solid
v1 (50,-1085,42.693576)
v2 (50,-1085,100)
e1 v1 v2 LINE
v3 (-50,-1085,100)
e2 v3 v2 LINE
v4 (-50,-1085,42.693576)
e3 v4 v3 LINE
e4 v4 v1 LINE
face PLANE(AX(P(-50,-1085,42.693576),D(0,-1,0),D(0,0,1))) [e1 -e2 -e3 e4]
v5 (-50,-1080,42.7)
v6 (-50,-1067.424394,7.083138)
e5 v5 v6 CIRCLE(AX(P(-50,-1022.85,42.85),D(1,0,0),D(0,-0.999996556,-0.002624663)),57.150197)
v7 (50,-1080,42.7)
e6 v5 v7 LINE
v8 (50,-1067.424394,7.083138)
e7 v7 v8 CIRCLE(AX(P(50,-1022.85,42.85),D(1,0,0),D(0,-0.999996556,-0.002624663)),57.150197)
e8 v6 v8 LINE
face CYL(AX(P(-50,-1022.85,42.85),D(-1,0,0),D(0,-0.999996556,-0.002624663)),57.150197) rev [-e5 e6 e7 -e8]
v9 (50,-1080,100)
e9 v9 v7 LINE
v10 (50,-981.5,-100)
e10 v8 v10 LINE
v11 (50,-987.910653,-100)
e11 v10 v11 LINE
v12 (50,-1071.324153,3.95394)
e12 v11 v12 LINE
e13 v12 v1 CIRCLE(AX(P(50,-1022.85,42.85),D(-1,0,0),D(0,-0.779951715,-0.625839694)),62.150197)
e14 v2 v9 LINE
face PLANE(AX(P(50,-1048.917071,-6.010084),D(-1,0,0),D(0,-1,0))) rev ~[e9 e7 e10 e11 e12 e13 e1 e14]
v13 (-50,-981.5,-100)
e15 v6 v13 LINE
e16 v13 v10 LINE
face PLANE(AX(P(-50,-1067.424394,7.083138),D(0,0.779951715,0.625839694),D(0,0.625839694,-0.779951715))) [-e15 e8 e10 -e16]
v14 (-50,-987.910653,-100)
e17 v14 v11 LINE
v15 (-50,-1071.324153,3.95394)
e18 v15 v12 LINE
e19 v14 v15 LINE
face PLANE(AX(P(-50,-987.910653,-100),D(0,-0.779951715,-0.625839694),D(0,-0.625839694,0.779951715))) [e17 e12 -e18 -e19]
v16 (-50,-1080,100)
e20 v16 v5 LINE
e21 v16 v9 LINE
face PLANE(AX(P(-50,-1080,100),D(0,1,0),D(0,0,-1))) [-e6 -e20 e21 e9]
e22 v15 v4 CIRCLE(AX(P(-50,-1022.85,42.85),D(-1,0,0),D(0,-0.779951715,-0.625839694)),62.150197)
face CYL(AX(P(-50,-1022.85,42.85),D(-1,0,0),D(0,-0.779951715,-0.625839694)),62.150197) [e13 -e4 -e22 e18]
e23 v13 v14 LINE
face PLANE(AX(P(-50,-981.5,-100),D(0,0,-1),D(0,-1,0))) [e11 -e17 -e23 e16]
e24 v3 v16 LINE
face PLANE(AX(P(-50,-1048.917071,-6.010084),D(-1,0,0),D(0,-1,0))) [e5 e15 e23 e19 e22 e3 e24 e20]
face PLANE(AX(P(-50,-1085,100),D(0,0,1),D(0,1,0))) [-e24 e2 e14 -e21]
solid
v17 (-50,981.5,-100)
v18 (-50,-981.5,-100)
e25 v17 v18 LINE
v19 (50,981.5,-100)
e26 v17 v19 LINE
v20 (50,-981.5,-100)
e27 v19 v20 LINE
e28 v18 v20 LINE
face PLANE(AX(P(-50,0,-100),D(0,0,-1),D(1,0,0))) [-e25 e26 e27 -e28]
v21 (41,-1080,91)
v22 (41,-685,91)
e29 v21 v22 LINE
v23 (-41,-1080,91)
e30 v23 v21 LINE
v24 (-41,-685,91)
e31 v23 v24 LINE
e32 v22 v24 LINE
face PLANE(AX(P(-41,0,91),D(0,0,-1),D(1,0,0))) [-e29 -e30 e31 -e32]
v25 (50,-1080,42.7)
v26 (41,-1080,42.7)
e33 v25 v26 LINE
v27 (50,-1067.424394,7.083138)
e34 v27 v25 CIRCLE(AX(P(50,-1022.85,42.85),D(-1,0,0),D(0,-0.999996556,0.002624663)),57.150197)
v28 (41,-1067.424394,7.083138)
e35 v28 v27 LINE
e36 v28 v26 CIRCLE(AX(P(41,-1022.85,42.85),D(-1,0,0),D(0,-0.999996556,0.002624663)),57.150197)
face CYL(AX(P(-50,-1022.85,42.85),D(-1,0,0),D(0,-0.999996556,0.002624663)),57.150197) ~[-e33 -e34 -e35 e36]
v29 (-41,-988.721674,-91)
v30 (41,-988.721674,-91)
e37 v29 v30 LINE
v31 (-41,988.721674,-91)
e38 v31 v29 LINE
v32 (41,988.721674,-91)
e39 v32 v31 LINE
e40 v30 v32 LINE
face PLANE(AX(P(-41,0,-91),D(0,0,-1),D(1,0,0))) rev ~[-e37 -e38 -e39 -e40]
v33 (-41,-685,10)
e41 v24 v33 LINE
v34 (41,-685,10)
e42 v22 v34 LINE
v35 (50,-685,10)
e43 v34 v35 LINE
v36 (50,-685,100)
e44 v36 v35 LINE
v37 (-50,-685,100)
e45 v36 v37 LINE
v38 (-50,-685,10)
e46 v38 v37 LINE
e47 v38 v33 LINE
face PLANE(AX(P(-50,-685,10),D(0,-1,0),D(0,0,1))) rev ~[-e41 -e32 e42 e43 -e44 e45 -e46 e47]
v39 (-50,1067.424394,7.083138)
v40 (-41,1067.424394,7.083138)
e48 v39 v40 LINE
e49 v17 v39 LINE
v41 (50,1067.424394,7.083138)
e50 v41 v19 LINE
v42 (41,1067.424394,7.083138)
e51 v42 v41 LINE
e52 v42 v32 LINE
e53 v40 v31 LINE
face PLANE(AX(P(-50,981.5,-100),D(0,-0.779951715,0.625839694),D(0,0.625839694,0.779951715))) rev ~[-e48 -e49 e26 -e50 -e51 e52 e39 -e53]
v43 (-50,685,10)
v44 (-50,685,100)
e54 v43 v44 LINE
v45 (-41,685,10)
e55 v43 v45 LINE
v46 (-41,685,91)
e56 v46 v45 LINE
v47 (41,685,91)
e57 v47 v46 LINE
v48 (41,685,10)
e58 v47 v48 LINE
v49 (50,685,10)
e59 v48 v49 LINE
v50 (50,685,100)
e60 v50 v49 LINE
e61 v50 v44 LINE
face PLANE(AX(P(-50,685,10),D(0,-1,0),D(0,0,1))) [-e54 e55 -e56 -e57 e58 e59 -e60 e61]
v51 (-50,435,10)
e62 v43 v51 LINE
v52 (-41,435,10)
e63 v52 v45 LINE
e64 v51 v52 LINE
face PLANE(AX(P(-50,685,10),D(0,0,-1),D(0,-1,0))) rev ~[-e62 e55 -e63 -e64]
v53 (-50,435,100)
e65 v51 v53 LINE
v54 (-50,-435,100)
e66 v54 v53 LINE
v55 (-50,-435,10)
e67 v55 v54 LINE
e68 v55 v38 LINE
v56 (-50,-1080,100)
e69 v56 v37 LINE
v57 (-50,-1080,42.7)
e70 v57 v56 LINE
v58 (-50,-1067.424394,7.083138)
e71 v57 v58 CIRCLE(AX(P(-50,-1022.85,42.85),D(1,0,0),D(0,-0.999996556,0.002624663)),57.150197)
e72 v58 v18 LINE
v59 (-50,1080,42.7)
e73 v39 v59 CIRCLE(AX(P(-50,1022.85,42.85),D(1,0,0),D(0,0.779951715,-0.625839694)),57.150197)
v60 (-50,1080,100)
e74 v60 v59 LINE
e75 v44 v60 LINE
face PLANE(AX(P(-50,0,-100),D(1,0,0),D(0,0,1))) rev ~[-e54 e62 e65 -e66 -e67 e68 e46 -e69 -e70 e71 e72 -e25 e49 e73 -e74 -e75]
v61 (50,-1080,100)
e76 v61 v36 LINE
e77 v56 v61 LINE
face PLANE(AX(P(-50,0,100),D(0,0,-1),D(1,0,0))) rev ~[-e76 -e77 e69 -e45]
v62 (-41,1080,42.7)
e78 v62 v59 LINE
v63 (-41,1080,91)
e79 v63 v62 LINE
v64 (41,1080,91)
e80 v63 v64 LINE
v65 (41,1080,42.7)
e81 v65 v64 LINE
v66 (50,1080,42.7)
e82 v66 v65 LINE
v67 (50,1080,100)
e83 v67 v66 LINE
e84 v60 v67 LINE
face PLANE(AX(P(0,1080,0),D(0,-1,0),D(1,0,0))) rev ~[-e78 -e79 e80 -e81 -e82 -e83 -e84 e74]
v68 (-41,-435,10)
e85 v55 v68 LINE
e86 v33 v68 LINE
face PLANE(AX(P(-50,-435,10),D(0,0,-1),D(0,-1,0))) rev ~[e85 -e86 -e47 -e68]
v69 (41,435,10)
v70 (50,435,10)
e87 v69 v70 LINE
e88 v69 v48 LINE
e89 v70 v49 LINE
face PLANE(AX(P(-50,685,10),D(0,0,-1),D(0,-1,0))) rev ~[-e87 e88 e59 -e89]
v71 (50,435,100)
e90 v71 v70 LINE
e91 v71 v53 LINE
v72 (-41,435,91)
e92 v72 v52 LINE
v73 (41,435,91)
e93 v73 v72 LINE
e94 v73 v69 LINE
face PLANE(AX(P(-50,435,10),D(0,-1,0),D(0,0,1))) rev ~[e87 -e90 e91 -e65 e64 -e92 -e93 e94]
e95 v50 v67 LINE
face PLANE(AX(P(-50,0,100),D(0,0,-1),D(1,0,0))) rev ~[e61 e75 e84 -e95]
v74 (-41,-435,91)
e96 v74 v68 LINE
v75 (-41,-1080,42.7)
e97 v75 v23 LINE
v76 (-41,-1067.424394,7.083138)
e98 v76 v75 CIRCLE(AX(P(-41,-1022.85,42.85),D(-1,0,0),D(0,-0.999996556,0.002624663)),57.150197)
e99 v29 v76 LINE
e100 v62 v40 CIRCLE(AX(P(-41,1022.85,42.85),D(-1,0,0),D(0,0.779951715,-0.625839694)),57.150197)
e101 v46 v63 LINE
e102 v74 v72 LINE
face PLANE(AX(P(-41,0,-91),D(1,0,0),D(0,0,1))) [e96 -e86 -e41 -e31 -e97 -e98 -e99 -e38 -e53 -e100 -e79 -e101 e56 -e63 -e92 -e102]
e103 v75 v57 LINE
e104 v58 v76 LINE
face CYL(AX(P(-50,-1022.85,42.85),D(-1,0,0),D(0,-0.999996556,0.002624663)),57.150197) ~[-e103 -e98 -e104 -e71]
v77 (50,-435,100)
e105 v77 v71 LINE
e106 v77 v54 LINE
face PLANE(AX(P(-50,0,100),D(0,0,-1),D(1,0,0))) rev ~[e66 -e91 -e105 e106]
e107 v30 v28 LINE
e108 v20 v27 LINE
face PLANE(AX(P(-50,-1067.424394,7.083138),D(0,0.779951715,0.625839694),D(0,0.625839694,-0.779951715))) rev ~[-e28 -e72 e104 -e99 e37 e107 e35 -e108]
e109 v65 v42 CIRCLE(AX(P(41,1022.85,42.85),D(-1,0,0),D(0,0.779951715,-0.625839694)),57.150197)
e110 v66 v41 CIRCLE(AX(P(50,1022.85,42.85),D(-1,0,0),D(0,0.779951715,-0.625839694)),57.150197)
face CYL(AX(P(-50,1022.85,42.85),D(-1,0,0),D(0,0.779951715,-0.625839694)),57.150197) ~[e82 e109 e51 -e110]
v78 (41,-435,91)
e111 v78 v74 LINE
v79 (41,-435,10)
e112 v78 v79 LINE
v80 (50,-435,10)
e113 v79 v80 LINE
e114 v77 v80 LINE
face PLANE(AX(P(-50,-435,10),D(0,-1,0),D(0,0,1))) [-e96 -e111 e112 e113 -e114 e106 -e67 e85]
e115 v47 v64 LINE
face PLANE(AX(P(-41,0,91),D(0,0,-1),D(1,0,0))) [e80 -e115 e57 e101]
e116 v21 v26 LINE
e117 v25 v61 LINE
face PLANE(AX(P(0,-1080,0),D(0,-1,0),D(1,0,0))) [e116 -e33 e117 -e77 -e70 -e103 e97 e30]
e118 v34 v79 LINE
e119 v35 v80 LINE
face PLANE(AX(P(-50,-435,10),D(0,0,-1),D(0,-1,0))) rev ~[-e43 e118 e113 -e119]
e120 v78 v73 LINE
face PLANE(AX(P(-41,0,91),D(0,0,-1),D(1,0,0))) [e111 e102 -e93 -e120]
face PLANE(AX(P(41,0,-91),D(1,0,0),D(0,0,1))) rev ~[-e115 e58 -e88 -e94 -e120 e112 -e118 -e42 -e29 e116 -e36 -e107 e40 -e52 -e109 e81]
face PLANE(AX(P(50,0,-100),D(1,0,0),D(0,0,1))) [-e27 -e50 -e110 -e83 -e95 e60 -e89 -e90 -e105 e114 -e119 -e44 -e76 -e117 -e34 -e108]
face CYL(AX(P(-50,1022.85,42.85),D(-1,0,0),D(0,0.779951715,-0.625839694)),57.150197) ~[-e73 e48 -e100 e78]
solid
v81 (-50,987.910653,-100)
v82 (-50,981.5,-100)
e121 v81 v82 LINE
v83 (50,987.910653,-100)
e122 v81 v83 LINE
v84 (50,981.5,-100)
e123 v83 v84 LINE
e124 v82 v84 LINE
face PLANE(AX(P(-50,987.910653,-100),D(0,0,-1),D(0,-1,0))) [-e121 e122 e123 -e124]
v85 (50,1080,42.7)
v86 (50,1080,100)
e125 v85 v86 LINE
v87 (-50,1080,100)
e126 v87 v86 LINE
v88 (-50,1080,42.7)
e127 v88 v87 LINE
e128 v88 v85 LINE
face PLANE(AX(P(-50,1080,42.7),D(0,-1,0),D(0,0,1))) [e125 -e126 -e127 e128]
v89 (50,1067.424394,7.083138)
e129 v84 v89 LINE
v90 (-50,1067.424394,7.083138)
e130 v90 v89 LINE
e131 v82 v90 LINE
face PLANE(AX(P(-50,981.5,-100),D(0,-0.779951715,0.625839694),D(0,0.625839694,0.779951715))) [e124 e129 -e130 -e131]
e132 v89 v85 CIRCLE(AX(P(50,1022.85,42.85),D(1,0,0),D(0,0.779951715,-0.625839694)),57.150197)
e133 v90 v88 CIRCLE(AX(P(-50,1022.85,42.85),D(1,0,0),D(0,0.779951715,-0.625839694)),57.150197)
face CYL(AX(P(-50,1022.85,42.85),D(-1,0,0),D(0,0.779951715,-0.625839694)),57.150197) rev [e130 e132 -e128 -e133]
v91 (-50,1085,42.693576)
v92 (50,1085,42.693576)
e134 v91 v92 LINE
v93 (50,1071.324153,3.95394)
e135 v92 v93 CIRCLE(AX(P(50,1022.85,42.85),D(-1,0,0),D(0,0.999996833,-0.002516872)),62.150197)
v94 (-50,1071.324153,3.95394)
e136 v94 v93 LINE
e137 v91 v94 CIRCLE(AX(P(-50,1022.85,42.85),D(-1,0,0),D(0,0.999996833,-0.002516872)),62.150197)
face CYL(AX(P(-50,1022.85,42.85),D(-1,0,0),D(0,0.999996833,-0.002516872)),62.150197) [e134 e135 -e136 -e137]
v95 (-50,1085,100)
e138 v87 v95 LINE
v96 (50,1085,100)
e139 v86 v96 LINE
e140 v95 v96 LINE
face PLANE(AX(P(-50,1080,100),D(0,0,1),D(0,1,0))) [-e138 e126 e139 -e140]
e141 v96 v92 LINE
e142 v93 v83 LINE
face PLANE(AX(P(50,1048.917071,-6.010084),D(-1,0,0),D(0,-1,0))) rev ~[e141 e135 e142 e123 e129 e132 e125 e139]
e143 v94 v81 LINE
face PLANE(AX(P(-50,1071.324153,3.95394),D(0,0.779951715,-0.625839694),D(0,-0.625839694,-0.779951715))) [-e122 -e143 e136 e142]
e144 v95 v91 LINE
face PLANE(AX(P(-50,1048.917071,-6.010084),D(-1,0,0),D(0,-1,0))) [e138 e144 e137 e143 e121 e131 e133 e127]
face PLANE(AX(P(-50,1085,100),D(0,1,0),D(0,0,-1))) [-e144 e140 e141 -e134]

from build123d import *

# Parameters (mm, degrees)
F0_W     = 100
F0_H     = 200
F0_W_2   = 82
F0_H_2   = 182
F1_DEPTH = 1080
F2_W     = 250
F2_H     = 223.694717288
F3_DEPTH = 100.001
F5_DEPTH = 100.001
F6_DEPTH = 100


with BuildPart() as f1:
    # F0 (on Front) → F1 (new body, symmetric)
    with BuildSketch(Plane.XZ):
        Rectangle(F0_W, F0_H)
        Rectangle(F0_W_2, F0_H_2, mode=Mode.SUBTRACT)
    extrude(amount=F1_DEPTH, both=True)

    # F2 (on face) → F3 (cut, through all)
    with BuildSketch(Plane(origin=(-50, 0, 0), x_dir=(0, -1, 0), z_dir=(-1, 0, 0))):
        with BuildLine():
            Line((-981.5, -208.9942991734), (-981.5, -100))
            Line((-981.5, -100), (-1067.4243940422, 7.0831383014))
            ThreePointArc((-1067.4243940422, 7.0831383014), (-1076.789487617, 23.964114381), (-1080, 43))
            Line((-1080, 43), (-1186.2337589264, 43))
            Line((-1186.2337589264, 43), (-1186.2337589264, -208.9942991734))
            Line((-1186.2337589264, -208.9942991734), (-981.5, -208.9942991734))
        make_face()
        with Locations((-560, 121.847358644)):
            Rectangle(F2_W, F2_H)
        with BuildLine():
            Line((981.5, -100), (981.5, -208.9942991734))
            Line((981.5, -208.9942991734), (1186.2337589264, -208.9942991734))
            Line((1186.2337589264, -208.9942991734), (1186.2337589264, 43))
            Line((1186.2337589264, 43), (1080, 43))
            ThreePointArc((1080, 43), (1076.789487617, 23.964114381), (1067.4243940422, 7.0831383014))
            Line((1067.4243940422, 7.0831383014), (981.5, -100))
        make_face()
        with Locations((560, 121.847358644)):
            Rectangle(F2_W, F2_H)
    extrude(amount=-F3_DEPTH, mode=Mode.SUBTRACT)

    # F4 (on face) → F5 (cut, through all)
    with BuildSketch(Plane(origin=(-50, 0, 0), x_dir=(0, -1, 0), z_dir=(-1, 0, 0))):
        with BuildLine():
            Line((-987.9106532549, -100), (-981.5, -100))
            Line((-981.5, -100), (-1067.4243940422, 7.0831383014))
            ThreePointArc((-1067.4243940422, 7.0831383014), (-1076.7397327432, 23.8226064615), (-1080, 42.7))
            Line((-1080, 42.7), (-1080, 100))
            Line((-1080, 100), (-1085, 100))
            Line((-1085, 100), (-1085, 42.6935758952))
            ThreePointArc((-1085, 42.6935758952), (-1081.4555938979, 22.1610818945), (-1071.3241526169, 3.9539398323))
            Line((-1071.3241526169, 3.9539398323), (-987.9106532549, -100))
        make_face()
        with BuildLine():
            Line((1085, 42.6935758952), (1085, 100))
            Line((1085, 100), (1080, 100))
            Line((1080, 100), (1080, 42.7))
            ThreePointArc((1080, 42.7), (1076.7397327432, 23.8226064615), (1067.4243940422, 7.0831383014))
            Line((1067.4243940422, 7.0831383014), (981.5, -100))
            Line((981.5, -100), (987.9106532549, -100))
            Line((987.9106532549, -100), (1071.3241526169, 3.9539398323))
            ThreePointArc((1071.3241526169, 3.9539398323), (1081.4555938979, 22.1610818945), (1085, 42.6935758952))
        make_face()
    extrude(amount=-F5_DEPTH, mode=Mode.SUBTRACT)


with BuildPart() as f6:
    # F4 (on face) → F6 (new body, through all)
    with BuildSketch(Plane(origin=(-50, 0, 0), x_dir=(0, -1, 0), z_dir=(-1, 0, 0))):
        with BuildLine():
            Line((-987.9106532549, -100), (-981.5, -100))
            Line((-981.5, -100), (-1067.4243940422, 7.0831383014))
            ThreePointArc((-1067.4243940422, 7.0831383014), (-1076.7397327432, 23.8226064615), (-1080, 42.7))
            Line((-1080, 42.7), (-1080, 100))
            Line((-1080, 100), (-1085, 100))
            Line((-1085, 100), (-1085, 42.6935758952))
            ThreePointArc((-1085, 42.6935758952), (-1081.4555938979, 22.1610818945), (-1071.3241526169, 3.9539398323))
            Line((-1071.3241526169, 3.9539398323), (-987.9106532549, -100))
        make_face()
    extrude(amount=-F6_DEPTH)


with BuildPart() as f6b:
    # F4 (on face) → F6, piece 2 (new body, through all)
    with BuildSketch(Plane(origin=(-50, 0, 0), x_dir=(0, -1, 0), z_dir=(-1, 0, 0))):
        with BuildLine():
            Line((1085, 42.6935758952), (1085, 100))
            Line((1085, 100), (1080, 100))
            Line((1080, 100), (1080, 42.7))
            ThreePointArc((1080, 42.7), (1076.7397327432, 23.8226064615), (1067.4243940422, 7.0831383014))
            Line((1067.4243940422, 7.0831383014), (981.5, -100))
            Line((981.5, -100), (987.9106532549, -100))
            Line((987.9106532549, -100), (1071.3241526169, 3.9539398323))
            ThreePointArc((1071.3241526169, 3.9539398323), (1081.4555938979, 22.1610818945), (1085, 42.6935758952))
        make_face()
    extrude(amount=-F6_DEPTH)


solid = Compound([f1.part, f6.part, f6b.part])
